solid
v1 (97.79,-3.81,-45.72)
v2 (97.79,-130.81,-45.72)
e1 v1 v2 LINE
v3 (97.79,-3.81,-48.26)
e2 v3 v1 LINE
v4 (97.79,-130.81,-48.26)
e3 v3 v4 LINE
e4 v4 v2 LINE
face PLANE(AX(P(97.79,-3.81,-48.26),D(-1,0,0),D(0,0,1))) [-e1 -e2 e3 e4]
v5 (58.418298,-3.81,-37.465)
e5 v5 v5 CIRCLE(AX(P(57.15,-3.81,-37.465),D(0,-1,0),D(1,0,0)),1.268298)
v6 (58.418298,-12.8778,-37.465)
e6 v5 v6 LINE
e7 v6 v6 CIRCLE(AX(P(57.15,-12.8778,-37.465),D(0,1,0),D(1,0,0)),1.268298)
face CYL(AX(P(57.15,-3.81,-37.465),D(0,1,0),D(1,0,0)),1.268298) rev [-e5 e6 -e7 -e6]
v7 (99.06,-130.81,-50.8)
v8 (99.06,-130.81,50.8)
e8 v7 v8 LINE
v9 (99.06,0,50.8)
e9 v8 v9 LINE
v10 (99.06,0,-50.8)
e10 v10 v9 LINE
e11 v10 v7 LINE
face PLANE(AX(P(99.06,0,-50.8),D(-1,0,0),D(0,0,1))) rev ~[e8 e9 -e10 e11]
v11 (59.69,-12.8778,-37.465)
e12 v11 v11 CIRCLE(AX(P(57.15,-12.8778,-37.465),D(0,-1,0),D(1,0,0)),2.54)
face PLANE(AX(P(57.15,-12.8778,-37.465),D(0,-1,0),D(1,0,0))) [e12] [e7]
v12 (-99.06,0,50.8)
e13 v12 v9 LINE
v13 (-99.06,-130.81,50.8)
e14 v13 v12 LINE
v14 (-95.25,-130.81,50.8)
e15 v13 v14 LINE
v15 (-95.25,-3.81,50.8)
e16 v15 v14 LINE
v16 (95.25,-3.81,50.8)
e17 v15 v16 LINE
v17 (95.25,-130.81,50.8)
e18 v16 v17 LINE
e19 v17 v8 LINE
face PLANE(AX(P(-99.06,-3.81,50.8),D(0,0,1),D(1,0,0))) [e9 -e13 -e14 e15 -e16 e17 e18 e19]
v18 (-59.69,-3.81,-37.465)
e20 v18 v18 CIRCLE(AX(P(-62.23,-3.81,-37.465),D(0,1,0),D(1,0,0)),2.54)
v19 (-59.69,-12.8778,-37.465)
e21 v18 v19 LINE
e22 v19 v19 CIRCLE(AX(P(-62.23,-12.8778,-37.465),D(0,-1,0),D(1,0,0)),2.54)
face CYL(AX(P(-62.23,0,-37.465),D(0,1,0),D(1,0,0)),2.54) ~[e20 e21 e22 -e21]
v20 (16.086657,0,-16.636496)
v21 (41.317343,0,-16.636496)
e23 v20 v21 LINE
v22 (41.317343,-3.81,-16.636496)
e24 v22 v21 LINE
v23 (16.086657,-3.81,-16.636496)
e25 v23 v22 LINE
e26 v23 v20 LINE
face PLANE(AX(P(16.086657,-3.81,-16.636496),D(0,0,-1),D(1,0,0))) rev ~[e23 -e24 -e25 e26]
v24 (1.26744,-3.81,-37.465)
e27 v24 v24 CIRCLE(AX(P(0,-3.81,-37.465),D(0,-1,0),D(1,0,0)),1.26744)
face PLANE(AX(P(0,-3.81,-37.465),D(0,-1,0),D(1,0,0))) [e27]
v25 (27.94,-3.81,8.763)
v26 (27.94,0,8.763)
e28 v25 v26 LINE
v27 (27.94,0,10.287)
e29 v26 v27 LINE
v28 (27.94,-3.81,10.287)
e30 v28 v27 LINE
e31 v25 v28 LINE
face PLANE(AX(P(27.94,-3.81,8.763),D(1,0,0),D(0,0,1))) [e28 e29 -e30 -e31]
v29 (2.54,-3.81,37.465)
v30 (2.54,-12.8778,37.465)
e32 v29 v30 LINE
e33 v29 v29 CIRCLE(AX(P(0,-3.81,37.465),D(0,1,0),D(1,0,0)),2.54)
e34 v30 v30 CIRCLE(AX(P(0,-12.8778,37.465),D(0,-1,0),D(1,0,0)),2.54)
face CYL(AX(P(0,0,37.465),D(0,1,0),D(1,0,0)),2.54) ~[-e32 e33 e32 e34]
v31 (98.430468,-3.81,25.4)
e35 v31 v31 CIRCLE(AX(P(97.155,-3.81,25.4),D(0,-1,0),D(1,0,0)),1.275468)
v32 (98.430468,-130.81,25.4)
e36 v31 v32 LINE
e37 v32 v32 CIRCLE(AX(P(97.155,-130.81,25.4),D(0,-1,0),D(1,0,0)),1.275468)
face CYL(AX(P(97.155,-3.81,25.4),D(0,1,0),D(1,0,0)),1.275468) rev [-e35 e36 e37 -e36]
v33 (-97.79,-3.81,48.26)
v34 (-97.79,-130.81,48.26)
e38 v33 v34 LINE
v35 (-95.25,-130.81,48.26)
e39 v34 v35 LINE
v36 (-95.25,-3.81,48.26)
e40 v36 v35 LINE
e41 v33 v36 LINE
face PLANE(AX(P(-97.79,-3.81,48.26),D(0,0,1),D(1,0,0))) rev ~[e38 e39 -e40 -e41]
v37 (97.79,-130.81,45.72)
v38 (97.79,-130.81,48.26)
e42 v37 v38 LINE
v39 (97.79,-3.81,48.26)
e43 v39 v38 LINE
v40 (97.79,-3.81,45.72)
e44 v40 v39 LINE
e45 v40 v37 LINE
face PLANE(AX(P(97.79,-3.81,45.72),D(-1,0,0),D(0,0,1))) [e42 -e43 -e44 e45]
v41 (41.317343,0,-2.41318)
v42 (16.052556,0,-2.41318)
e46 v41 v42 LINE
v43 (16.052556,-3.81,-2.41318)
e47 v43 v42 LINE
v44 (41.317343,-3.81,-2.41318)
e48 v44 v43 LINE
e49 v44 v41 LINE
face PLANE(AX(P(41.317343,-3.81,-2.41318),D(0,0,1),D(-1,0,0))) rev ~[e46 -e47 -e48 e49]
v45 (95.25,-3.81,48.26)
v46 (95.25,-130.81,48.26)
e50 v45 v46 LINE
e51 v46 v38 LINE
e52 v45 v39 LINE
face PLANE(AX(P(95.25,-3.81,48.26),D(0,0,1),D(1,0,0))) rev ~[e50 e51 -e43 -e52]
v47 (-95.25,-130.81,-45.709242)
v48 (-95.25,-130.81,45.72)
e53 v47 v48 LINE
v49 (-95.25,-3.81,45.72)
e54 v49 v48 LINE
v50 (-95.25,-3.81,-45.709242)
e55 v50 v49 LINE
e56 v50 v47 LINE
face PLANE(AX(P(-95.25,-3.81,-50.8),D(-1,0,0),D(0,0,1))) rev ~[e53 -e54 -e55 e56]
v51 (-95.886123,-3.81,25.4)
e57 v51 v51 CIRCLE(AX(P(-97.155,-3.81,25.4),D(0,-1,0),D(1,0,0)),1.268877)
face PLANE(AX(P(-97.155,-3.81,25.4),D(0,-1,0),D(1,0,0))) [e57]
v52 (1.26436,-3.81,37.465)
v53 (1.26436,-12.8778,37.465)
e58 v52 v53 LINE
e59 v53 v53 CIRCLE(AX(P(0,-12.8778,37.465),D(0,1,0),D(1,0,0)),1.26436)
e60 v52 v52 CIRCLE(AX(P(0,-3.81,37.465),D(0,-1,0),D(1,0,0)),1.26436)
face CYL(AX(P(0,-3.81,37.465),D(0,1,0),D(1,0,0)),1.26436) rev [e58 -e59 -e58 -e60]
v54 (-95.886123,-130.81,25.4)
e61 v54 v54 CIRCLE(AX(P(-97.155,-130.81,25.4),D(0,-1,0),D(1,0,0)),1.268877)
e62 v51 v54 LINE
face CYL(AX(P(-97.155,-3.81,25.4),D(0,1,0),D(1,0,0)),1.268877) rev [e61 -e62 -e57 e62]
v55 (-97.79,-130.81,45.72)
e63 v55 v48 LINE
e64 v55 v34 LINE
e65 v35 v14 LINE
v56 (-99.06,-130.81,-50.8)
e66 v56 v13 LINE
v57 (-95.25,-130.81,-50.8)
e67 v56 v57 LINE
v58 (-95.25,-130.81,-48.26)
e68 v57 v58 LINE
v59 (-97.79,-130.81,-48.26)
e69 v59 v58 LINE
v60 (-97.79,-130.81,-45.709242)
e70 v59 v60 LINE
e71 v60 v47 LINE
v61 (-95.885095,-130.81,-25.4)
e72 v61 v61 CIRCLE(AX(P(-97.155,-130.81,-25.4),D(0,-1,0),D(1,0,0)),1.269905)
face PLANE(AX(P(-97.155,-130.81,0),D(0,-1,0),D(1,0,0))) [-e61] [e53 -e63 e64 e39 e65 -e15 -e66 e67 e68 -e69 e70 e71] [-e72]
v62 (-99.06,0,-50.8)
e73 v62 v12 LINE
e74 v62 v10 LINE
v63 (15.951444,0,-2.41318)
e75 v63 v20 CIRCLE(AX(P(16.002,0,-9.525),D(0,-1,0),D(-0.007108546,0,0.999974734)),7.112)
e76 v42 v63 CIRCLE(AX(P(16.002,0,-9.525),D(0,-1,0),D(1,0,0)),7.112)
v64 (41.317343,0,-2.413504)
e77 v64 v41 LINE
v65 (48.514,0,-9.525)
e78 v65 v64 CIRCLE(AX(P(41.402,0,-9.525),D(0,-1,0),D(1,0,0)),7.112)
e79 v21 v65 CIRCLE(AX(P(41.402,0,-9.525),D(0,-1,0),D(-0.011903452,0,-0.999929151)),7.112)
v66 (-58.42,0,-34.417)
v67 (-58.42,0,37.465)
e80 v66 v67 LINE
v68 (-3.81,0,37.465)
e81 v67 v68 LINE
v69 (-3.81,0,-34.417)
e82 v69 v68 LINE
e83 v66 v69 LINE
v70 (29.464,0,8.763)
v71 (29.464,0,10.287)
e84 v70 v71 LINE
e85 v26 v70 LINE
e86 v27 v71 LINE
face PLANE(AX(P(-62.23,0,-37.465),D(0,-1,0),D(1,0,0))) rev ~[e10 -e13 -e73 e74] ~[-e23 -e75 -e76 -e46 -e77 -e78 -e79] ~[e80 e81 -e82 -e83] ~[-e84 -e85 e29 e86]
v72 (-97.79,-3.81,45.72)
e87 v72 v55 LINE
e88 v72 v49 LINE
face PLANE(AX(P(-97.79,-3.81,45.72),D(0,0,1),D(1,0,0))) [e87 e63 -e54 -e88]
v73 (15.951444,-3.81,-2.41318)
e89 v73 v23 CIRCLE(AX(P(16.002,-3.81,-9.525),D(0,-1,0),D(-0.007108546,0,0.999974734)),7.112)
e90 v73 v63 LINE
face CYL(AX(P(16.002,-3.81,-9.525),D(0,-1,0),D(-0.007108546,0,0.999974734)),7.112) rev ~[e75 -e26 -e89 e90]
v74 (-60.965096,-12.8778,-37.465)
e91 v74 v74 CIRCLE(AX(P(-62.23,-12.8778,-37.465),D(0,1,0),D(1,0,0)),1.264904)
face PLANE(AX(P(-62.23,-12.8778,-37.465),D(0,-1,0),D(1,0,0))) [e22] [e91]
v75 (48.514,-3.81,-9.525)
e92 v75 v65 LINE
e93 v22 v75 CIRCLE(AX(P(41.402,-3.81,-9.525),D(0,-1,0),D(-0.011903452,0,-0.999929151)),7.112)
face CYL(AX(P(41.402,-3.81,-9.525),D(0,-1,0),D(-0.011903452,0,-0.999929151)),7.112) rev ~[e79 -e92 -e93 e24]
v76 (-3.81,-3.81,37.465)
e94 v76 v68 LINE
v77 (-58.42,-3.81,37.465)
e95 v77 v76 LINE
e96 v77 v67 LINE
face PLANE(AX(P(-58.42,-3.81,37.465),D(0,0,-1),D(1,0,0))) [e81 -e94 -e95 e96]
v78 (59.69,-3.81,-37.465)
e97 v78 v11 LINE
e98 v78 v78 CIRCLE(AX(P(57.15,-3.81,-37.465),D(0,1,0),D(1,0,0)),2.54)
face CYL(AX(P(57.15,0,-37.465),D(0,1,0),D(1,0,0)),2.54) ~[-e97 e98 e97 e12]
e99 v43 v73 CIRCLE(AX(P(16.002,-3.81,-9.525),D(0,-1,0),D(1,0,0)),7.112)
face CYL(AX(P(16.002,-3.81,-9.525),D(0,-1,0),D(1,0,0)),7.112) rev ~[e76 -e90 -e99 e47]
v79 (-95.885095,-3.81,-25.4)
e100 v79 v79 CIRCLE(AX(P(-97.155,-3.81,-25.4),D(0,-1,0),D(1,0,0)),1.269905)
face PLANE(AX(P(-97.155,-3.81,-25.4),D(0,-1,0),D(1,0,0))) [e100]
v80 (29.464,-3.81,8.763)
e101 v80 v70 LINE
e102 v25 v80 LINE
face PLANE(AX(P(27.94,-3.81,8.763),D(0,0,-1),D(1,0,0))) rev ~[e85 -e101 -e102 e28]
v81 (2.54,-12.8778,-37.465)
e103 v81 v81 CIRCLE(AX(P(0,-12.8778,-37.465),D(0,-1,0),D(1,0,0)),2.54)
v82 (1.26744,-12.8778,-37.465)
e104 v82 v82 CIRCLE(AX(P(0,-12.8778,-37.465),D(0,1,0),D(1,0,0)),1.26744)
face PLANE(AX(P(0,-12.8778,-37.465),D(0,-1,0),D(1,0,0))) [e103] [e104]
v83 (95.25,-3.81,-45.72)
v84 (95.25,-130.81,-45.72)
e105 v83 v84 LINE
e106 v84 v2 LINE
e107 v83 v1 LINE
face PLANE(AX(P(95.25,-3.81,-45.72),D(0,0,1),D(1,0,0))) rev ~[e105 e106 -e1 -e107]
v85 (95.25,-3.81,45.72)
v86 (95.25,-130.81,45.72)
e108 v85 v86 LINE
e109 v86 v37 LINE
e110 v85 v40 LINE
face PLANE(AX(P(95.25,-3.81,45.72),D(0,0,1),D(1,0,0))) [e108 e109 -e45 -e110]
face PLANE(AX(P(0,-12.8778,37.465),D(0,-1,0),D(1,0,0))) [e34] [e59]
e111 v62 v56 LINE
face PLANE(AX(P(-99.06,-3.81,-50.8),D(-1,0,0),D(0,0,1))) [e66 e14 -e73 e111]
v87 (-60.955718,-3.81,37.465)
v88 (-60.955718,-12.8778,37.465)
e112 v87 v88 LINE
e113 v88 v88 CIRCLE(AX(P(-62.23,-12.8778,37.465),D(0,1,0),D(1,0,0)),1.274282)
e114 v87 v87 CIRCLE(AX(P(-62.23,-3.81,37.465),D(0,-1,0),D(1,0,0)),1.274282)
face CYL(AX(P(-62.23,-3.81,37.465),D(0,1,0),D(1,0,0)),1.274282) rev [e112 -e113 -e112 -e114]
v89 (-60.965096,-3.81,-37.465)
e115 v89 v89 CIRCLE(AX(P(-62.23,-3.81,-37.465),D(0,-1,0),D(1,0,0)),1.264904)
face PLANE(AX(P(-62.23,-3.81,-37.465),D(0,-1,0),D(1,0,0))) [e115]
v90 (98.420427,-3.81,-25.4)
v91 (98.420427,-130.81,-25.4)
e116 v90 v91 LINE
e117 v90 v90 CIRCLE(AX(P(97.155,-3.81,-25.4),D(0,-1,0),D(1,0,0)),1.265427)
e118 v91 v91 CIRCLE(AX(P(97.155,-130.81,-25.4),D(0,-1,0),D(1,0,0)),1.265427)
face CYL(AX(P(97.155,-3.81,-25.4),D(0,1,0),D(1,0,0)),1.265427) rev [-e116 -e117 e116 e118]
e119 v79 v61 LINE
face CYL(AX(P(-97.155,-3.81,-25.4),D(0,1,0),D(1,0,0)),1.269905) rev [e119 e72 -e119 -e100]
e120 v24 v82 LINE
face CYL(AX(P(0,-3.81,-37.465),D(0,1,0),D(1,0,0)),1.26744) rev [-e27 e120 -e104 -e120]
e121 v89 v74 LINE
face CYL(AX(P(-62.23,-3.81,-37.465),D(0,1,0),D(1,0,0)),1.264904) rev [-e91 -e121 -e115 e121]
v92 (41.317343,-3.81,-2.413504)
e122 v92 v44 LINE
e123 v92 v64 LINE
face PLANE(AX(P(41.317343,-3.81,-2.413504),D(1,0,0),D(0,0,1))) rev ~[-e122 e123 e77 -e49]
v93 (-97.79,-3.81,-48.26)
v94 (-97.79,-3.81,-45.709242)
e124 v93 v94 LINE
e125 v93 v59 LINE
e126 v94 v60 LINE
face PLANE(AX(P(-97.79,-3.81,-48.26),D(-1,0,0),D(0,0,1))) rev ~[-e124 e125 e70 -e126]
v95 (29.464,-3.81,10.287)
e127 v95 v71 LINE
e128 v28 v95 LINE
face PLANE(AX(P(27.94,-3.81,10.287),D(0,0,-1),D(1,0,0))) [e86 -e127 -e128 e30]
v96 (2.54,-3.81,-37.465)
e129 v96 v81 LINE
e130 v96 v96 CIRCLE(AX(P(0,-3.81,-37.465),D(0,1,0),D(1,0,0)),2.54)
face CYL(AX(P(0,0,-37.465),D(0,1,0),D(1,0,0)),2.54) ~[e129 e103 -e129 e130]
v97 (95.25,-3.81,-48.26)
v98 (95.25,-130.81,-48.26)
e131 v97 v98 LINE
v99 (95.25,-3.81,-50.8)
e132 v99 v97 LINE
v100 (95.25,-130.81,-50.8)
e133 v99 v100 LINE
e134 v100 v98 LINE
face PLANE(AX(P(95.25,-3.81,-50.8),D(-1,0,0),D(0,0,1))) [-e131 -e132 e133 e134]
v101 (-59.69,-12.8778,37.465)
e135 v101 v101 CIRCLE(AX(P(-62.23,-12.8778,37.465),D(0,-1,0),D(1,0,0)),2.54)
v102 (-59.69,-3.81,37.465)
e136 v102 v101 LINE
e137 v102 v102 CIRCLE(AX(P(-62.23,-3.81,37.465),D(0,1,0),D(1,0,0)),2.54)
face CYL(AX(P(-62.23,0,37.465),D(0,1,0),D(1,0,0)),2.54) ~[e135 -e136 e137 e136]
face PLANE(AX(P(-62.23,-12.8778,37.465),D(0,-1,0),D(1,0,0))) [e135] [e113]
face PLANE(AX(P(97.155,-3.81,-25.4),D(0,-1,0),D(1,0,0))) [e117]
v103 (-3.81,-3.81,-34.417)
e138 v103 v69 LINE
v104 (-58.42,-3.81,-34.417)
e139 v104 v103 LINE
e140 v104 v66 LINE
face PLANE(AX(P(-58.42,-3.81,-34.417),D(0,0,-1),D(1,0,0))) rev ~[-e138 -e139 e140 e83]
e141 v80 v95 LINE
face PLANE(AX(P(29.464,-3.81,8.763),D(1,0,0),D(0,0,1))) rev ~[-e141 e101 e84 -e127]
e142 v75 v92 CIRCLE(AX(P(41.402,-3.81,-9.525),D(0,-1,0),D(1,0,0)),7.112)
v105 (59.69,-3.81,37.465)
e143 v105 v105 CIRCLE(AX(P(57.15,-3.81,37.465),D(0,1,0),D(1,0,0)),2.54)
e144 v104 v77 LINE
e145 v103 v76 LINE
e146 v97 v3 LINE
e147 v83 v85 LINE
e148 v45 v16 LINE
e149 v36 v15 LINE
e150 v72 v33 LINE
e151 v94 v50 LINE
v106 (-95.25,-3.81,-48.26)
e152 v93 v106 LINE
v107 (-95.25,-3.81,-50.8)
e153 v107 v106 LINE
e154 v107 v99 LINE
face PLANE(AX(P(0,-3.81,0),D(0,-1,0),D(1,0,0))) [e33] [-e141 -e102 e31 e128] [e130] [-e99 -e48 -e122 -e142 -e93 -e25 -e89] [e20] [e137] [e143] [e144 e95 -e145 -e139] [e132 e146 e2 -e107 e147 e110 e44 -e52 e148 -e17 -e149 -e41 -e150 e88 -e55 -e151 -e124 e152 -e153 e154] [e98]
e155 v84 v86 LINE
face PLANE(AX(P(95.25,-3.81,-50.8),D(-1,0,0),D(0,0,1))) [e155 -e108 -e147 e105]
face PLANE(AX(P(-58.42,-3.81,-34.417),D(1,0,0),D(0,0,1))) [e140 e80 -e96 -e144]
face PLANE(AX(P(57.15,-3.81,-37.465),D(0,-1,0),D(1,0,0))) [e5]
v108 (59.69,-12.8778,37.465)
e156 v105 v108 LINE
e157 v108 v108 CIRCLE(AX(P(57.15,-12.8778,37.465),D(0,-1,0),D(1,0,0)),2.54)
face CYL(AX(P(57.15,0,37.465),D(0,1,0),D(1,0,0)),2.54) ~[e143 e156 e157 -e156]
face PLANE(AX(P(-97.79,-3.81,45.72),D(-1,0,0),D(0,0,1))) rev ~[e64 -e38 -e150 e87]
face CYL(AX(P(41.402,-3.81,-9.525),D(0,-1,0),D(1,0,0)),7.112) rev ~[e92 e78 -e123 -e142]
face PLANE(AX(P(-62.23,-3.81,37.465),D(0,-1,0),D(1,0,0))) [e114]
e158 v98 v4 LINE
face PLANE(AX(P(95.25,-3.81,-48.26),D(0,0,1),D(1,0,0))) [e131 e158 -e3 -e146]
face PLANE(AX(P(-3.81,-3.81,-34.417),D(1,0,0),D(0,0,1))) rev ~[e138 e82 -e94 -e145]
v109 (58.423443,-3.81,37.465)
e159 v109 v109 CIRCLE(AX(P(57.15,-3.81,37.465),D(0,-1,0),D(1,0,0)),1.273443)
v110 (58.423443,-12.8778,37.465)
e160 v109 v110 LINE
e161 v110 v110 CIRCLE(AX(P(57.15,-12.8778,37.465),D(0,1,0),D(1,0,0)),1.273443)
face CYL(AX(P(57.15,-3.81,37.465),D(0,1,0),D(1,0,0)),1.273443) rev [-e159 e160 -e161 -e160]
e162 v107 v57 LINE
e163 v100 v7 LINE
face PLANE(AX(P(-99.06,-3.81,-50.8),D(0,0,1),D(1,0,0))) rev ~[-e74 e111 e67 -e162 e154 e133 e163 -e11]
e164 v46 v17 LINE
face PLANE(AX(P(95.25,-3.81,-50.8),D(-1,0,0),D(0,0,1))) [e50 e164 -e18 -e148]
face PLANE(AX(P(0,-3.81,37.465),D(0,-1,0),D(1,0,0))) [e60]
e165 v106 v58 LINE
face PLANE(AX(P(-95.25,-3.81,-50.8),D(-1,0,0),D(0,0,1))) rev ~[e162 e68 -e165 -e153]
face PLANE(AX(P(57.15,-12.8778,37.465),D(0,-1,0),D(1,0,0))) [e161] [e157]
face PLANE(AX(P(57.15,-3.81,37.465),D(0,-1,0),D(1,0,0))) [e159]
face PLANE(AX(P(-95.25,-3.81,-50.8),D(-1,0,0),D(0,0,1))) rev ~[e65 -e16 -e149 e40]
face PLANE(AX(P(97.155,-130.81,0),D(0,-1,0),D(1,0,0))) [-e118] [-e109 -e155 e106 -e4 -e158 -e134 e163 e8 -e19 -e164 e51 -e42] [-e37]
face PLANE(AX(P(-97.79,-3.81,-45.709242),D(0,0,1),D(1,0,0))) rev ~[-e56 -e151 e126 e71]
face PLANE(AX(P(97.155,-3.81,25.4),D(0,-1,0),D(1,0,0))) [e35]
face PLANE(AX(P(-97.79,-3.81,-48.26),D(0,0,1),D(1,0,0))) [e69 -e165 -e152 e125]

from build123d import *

# Parameters (mm, degrees)
F0_W      = 198.12
F0_H      = 101.6
F2_DEPTH  = 3.81
F1_R      = 2.54
F3_DEPTH  = 12.8778
F4_R      = 1.2742822285
F4_R_2    = 1.2649039603
F4_R_3    = 1.2682976719
F4_R_4    = 1.273443292
F4_R_5    = 1.26744028
F4_R_6    = 1.2643596857
F5_DEPTH  = 10.3378
F6_W      = 54.61
F6_H      = 71.882
F6_W_2    = 1.524
F6_H_2    = 1.524
F7_DEPTH  = 3.81
F8_W      = 3.81
F8_H      = 101.6
F9_DEPTH  = 127
F10_W     = 2.54
F10_H     = 2.54
F10_H_2   = 2.5507584214
F10_R     = 1.2654265937
F10_R_2   = 1.2754683581
F10_R_3   = 1.268876748
F10_R_4   = 1.2699045753
F11_DEPTH = 127


with BuildPart() as f2:
    # F0 (on Front) → F2 (new body)
    with BuildSketch(Plane.XZ):
        Rectangle(F0_W, F0_H)
    extrude(amount=F2_DEPTH)

    # F1 (on Front) → F3 (join)
    with BuildSketch(Plane.XZ):
        with Locations((-62.23, -37.465)):
            Circle(F1_R)
        with Locations((-62.23, 37.465)):
            Circle(F1_R)
        with Locations((0, 37.465)):
            Circle(F1_R)
        with Locations((0, -37.465)):
            Circle(F1_R)
        with Locations((57.15, -37.465)):
            Circle(F1_R)
        with Locations((57.15, 37.465)):
            Circle(F1_R)
    extrude(amount=F3_DEPTH)

    # F4 (on face) → F5 (cut)
    with BuildSketch(Plane.XZ.offset(3.81)):
        with Locations((-62.23, 37.465)):
            Circle(F4_R)
        with Locations((-62.23, -37.465)):
            Circle(F4_R_2)
        with Locations((57.15, -37.465)):
            Circle(F4_R_3)
        with Locations((57.15, 37.465)):
            Circle(F4_R_4)
        with Locations((0, -37.465)):
            Circle(F4_R_5)
        with Locations((0, 37.465)):
            Circle(F4_R_6)
    extrude(amount=F5_DEPTH, mode=Mode.SUBTRACT)

    # F6 (on face) → F7 (cut)
    with BuildSketch(Plane.XZ.offset(3.81)):
        with Locations((-31.115, 1.524)):
            Rectangle(F6_W, F6_H)
        with BuildLine():
            ThreePointArc((15.9514440232, -2.413179692), (8.8903213435, -9.5926068587), (16.086657352, -16.6364961248))
            Line((16.086657352, -16.6364961248), (41.317342648, -16.6364961248))
            ThreePointArc((41.317342648, -16.6364961248), (34.29, -9.525), (41.317342648, -2.4135038752))
            Line((41.317342648, -2.4135038752), (41.317342648, -2.413179692))
            Line((41.317342648, -2.413179692), (15.9514440232, -2.413179692))
        make_face()
        with BuildLine():
            ThreePointArc((15.9514440232, -2.413179692), (21.0130373124, -4.4782139877), (23.114, -9.525))
            ThreePointArc((23.114, -9.525), (21.0607857776, -14.5239229296), (16.086657352, -16.6364961248))
            Line((16.086657352, -16.6364961248), (15.9514440232, -16.6364961248))
            Line((15.9514440232, -16.6364961248), (15.9514440232, -2.413179692))
        make_face(mode=Mode.SUBTRACT)
        with BuildLine():
            Line((41.317342648, -2.4135038752), (41.317342648, -16.6364961248))
            ThreePointArc((41.317342648, -16.6364961248), (46.4009229296, -14.5837857776), (48.514, -9.525))
            ThreePointArc((48.514, -9.525), (46.4009229296, -4.4662142224), (41.317342648, -2.4135038752))
        make_face()
        with BuildLine():
            ThreePointArc((16.086657352, -16.6364961248), (21.0607857776, -14.5239229296), (23.114, -9.525))
            ThreePointArc((23.114, -9.525), (21.0130373124, -4.4782139877), (15.9514440232, -2.413179692))
            Line((15.9514440232, -2.413179692), (15.9514440232, -16.6364961248))
            Line((15.9514440232, -16.6364961248), (16.086657352, -16.6364961248))
        make_face()
        with BuildLine():
            ThreePointArc((41.317342648, -2.4135038752), (34.29, -9.525), (41.317342648, -16.6364961248))
            Line((41.317342648, -16.6364961248), (41.317342648, -2.4135038752))
        make_face()
        with Locations((28.702, 9.525)):
            Rectangle(F6_W_2, F6_H_2)
    extrude(amount=-F7_DEPTH, mode=Mode.SUBTRACT)

    # F8 (on face) → F9 (join)
    with BuildSketch(Plane.XZ.offset(3.81)):
        with Locations((-97.155, 0)):
            Rectangle(F8_W, F8_H)
        with Locations((97.155, 0)):
            Rectangle(F8_W, F8_H)
    extrude(amount=F9_DEPTH)

    # F10 (on face) → F11 (cut)
    with BuildSketch(Plane.XZ.offset(3.81)):
        with Locations((-96.52, 46.99)):
            Rectangle(F10_W, F10_H)
        with Locations((-96.52, -46.9846207893)):
            Rectangle(F10_W, F10_H_2)
        with Locations((96.52, 46.99)):
            Rectangle(F10_W, F10_H)
        with Locations((96.52, -46.99)):
            Rectangle(F10_W, F10_H)
        with Locations((97.155, -25.4)):
            Circle(F10_R)
        with Locations((97.155, 25.4)):
            Circle(F10_R_2)
        with Locations((-97.155, 25.4)):
            Circle(F10_R_3)
        with Locations((-97.155, -25.4)):
            Circle(F10_R_4)
    extrude(amount=F11_DEPTH, mode=Mode.SUBTRACT)


solid = f2.part
